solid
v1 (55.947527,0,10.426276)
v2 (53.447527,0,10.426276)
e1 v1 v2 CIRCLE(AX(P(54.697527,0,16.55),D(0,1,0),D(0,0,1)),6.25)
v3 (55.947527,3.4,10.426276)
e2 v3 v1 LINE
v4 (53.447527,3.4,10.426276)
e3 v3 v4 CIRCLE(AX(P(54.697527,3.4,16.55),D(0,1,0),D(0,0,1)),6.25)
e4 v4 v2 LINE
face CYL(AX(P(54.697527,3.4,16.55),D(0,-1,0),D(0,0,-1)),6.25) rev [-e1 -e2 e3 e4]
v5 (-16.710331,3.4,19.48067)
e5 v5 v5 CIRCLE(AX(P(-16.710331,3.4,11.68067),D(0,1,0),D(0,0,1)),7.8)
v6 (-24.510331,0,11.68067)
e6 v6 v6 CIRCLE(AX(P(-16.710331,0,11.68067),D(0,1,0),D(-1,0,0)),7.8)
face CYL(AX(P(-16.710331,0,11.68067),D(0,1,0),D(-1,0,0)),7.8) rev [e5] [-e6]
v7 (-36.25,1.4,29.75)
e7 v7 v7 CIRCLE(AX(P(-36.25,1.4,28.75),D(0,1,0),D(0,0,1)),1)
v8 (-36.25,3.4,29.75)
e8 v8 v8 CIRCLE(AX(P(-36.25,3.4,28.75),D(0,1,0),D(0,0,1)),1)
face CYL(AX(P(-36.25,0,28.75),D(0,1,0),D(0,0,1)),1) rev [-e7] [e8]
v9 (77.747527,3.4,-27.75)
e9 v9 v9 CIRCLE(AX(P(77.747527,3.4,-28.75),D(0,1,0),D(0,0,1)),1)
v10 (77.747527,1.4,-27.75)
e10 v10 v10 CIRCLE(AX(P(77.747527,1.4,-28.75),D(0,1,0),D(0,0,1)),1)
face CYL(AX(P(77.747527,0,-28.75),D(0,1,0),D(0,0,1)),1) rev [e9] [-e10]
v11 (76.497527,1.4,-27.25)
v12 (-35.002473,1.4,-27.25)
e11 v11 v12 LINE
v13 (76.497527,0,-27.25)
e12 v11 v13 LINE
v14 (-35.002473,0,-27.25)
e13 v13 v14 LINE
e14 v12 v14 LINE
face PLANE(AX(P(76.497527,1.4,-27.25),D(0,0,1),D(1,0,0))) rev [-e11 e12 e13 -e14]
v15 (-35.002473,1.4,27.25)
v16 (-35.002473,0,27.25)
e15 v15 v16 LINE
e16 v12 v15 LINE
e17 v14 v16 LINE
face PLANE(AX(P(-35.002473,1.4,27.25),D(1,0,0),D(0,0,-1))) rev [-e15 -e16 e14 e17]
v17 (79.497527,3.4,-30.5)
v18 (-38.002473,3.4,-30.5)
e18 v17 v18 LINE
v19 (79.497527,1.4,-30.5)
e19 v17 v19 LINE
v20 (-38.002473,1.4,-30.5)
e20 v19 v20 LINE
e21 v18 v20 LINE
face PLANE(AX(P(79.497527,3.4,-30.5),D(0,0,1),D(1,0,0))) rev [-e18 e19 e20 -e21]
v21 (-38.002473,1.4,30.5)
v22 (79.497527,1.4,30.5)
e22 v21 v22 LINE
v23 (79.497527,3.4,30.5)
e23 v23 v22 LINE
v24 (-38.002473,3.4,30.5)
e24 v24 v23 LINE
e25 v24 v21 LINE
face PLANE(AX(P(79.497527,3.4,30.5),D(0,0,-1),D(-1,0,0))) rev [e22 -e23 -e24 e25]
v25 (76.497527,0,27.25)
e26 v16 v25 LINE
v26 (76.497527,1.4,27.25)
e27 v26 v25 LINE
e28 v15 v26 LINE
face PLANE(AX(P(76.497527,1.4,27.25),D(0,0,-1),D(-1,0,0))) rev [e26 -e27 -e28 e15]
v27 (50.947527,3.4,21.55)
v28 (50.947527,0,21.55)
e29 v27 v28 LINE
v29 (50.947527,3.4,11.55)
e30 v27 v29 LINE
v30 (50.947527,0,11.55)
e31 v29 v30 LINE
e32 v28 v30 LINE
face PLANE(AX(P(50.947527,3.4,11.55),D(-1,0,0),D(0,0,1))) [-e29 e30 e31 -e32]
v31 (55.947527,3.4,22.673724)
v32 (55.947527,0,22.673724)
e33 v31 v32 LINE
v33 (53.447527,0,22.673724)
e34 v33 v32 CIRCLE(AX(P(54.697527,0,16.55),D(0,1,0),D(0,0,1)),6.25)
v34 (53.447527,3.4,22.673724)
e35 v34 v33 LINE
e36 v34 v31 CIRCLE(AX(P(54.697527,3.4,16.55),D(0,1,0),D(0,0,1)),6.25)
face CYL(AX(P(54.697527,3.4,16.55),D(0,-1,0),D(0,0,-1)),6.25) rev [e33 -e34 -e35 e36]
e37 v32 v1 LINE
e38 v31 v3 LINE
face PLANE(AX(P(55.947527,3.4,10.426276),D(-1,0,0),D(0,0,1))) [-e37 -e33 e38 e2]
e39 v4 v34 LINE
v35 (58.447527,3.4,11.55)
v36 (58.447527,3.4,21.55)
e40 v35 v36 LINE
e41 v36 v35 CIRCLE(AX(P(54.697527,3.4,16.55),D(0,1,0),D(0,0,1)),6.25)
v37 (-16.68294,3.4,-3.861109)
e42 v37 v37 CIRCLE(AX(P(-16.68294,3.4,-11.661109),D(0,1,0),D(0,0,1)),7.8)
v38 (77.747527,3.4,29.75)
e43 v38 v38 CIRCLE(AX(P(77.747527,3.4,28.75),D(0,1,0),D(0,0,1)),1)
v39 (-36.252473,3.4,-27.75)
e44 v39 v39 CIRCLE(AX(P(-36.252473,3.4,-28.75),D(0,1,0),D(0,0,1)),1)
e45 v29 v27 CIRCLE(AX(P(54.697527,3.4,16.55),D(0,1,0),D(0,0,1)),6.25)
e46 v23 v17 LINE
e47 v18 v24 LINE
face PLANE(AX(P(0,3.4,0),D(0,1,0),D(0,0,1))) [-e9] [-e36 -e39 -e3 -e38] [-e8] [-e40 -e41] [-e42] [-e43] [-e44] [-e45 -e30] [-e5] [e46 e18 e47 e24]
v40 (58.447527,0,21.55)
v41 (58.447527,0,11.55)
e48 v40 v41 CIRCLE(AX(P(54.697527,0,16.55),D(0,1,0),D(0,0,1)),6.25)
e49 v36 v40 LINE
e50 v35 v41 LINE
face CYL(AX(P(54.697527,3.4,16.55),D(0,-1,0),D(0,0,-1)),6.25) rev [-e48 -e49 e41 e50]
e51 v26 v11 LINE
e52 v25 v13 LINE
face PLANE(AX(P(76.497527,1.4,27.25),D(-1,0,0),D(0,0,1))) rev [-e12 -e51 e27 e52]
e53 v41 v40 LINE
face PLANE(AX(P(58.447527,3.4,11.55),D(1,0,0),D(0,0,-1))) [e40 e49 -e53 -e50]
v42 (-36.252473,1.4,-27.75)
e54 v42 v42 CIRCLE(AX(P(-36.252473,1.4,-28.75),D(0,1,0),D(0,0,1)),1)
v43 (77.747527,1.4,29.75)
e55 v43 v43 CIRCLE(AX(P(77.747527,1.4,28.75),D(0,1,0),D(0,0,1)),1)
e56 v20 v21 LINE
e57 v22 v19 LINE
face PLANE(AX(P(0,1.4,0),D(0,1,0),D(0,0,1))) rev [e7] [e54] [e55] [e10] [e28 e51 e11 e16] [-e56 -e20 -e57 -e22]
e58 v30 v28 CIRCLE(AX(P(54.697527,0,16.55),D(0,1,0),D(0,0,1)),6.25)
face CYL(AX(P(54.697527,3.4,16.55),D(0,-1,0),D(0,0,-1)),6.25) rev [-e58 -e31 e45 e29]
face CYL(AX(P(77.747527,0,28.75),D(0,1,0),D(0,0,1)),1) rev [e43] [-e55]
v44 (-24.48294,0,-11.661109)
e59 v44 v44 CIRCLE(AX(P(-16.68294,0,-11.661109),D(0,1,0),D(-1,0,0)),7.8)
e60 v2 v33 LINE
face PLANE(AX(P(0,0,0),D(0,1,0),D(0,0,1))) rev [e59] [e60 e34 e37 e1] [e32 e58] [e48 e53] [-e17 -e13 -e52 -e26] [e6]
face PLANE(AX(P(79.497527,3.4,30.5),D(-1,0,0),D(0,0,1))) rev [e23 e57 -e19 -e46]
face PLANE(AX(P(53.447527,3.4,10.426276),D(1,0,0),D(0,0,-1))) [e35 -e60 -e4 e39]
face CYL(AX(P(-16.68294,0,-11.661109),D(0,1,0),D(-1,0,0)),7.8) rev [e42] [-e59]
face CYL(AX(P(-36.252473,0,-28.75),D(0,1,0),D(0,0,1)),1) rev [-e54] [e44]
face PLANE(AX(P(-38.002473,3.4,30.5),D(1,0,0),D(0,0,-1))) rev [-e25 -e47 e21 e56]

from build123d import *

# Parameters (mm, degrees)
ESBO_O18_W                 = 111.5
ESBO_O18_H                 = 54.5
RESSALTO_EXTRUS_O2_DEPTH   = 1.4
ESBO_O19_W                 = 117.5
ESBO_O19_H                 = 61
RESSALTO_EXTRUS_O3_DEPTH   = 2
ESBO_O24_R                 = 1
CORTE_EXTRUS_O1_DEPTH      = 86.215413827
CORTE_EXTRUS_O3_DEPTH      = 86.460885308
CORTE_EXTRUS_O3_DEPTH_BACK = 86.460885308
ESBO_O25_R                 = 7.8
ESBO_O25_R_2               = 4.186600547
CORTE_EXTRUS_O8_DEPTH      = 86.215413827


with BuildPart() as part:
    # Esboço18 → Ressalto-extrusão2 (new body)
    with BuildSketch(Plane(origin=(0, 0, 0), x_dir=(1, 0, 0), z_dir=(0, 1, 0))):
        with Locations((20.747526714, 0)):
            Rectangle(ESBO_O18_W, ESBO_O18_H)
    extrude(amount=RESSALTO_EXTRUS_O2_DEPTH)

    # Esboço19 → Ressalto-extrusão3 (add)
    with BuildSketch(Plane(origin=(0, 1.4, 0), x_dir=(1, 0, 0), z_dir=(0, 1, 0))):
        with Locations((20.747526714, 0)):
            Rectangle(ESBO_O19_W, ESBO_O19_H)
    extrude(amount=RESSALTO_EXTRUS_O3_DEPTH)

    # Esboço24 → Corte-extrusão1 (cut, through all)
    with BuildSketch(Plane(origin=(0, 3.4, 0), x_dir=(1, 0, 0), z_dir=(0, 1, 0))):
        with Locations(Location((-36.252473286, 28.75, 0), (0, 0, 270))):
            Circle(ESBO_O24_R)
        with Locations(Location((77.747526714, 28.75, 0), (0, 0, 270))):
            Circle(ESBO_O24_R)
        with Locations(Location((77.747526714, -28.75, 0), (0, 0, 270))):
            Circle(ESBO_O24_R)
        with Locations(Location((-36.25, -28.75, 0), (0, 0, 270))):
            Circle(ESBO_O24_R)
    extrude(amount=-CORTE_EXTRUS_O1_DEPTH, mode=Mode.SUBTRACT)

    # Esboço25 → Corte-extrusão3 (cut, two sides: drawn at the far end of the back side and taken through both)
    # profile 1 of 3: a face of its own
    with BuildSketch(Plane(origin=(0, 7.31137223, 0), x_dir=(1, 0, 0), z_dir=(0, 1, 0)).offset(-CORTE_EXTRUS_O3_DEPTH_BACK)):
        with Locations(Location((-16.682939742, 11.661108672, 0), (0, 0, 180))):
            Circle(ESBO_O25_R)
        with Locations((-16.682939742, 11.661108672)):
            Circle(ESBO_O25_R_2, mode=Mode.SUBTRACT)
    # profile 2 of 3: a face of its own
    with BuildSketch(Plane(origin=(0, 7.31137223, 0), x_dir=(1, 0, 0), z_dir=(0, 1, 0)).offset(-CORTE_EXTRUS_O3_DEPTH_BACK)):
        with Locations((-16.682939742, 11.661108672)):
            Circle(ESBO_O25_R_2)
    # profile 3 of 3: a face of its own
    with BuildSketch(Plane(origin=(0, 7.31137223, 0), x_dir=(1, 0, 0), z_dir=(0, 1, 0)).offset(-CORTE_EXTRUS_O3_DEPTH_BACK)):
        with Locations(Location((-16.710330787, -11.680669769, 0), (0, 0, 180))):
            Circle(ESBO_O25_R)
    extrude(amount=CORTE_EXTRUS_O3_DEPTH + CORTE_EXTRUS_O3_DEPTH_BACK, mode=Mode.SUBTRACT)

    # Esboço26 → Corte-extrusão8 (cut, through all)
    with BuildSketch(Plane(origin=(0, 0, 0), x_dir=(1, 0, 0), z_dir=(0, 1, 0))):
        with BuildLine():
            Line((58.447526714, -11.55), (58.447526714, -21.55))
            ThreePointArc((58.447526714, -21.55), (60.947526714, -16.55), (58.447526714, -11.55))
        make_face()
        with BuildLine():
            Line((55.947526714, -10.426275643), (55.947526714, -22.673724357))
            ThreePointArc((55.947526714, -22.673724357), (54.697526714, -22.8), (53.447526714, -22.673724357))
            Line((53.447526714, -22.673724357), (53.447526714, -10.426275643))
            ThreePointArc((53.447526714, -10.426275643), (54.697526714, -10.3), (55.947526714, -10.426275643))
        make_face()
        with BuildLine():
            Line((50.947526714, -11.55), (50.947526714, -21.55))
            ThreePointArc((50.947526714, -21.55), (48.447526714, -16.55), (50.947526714, -11.55))
        make_face()
    extrude(amount=CORTE_EXTRUS_O8_DEPTH, mode=Mode.SUBTRACT)


solid = part.part
